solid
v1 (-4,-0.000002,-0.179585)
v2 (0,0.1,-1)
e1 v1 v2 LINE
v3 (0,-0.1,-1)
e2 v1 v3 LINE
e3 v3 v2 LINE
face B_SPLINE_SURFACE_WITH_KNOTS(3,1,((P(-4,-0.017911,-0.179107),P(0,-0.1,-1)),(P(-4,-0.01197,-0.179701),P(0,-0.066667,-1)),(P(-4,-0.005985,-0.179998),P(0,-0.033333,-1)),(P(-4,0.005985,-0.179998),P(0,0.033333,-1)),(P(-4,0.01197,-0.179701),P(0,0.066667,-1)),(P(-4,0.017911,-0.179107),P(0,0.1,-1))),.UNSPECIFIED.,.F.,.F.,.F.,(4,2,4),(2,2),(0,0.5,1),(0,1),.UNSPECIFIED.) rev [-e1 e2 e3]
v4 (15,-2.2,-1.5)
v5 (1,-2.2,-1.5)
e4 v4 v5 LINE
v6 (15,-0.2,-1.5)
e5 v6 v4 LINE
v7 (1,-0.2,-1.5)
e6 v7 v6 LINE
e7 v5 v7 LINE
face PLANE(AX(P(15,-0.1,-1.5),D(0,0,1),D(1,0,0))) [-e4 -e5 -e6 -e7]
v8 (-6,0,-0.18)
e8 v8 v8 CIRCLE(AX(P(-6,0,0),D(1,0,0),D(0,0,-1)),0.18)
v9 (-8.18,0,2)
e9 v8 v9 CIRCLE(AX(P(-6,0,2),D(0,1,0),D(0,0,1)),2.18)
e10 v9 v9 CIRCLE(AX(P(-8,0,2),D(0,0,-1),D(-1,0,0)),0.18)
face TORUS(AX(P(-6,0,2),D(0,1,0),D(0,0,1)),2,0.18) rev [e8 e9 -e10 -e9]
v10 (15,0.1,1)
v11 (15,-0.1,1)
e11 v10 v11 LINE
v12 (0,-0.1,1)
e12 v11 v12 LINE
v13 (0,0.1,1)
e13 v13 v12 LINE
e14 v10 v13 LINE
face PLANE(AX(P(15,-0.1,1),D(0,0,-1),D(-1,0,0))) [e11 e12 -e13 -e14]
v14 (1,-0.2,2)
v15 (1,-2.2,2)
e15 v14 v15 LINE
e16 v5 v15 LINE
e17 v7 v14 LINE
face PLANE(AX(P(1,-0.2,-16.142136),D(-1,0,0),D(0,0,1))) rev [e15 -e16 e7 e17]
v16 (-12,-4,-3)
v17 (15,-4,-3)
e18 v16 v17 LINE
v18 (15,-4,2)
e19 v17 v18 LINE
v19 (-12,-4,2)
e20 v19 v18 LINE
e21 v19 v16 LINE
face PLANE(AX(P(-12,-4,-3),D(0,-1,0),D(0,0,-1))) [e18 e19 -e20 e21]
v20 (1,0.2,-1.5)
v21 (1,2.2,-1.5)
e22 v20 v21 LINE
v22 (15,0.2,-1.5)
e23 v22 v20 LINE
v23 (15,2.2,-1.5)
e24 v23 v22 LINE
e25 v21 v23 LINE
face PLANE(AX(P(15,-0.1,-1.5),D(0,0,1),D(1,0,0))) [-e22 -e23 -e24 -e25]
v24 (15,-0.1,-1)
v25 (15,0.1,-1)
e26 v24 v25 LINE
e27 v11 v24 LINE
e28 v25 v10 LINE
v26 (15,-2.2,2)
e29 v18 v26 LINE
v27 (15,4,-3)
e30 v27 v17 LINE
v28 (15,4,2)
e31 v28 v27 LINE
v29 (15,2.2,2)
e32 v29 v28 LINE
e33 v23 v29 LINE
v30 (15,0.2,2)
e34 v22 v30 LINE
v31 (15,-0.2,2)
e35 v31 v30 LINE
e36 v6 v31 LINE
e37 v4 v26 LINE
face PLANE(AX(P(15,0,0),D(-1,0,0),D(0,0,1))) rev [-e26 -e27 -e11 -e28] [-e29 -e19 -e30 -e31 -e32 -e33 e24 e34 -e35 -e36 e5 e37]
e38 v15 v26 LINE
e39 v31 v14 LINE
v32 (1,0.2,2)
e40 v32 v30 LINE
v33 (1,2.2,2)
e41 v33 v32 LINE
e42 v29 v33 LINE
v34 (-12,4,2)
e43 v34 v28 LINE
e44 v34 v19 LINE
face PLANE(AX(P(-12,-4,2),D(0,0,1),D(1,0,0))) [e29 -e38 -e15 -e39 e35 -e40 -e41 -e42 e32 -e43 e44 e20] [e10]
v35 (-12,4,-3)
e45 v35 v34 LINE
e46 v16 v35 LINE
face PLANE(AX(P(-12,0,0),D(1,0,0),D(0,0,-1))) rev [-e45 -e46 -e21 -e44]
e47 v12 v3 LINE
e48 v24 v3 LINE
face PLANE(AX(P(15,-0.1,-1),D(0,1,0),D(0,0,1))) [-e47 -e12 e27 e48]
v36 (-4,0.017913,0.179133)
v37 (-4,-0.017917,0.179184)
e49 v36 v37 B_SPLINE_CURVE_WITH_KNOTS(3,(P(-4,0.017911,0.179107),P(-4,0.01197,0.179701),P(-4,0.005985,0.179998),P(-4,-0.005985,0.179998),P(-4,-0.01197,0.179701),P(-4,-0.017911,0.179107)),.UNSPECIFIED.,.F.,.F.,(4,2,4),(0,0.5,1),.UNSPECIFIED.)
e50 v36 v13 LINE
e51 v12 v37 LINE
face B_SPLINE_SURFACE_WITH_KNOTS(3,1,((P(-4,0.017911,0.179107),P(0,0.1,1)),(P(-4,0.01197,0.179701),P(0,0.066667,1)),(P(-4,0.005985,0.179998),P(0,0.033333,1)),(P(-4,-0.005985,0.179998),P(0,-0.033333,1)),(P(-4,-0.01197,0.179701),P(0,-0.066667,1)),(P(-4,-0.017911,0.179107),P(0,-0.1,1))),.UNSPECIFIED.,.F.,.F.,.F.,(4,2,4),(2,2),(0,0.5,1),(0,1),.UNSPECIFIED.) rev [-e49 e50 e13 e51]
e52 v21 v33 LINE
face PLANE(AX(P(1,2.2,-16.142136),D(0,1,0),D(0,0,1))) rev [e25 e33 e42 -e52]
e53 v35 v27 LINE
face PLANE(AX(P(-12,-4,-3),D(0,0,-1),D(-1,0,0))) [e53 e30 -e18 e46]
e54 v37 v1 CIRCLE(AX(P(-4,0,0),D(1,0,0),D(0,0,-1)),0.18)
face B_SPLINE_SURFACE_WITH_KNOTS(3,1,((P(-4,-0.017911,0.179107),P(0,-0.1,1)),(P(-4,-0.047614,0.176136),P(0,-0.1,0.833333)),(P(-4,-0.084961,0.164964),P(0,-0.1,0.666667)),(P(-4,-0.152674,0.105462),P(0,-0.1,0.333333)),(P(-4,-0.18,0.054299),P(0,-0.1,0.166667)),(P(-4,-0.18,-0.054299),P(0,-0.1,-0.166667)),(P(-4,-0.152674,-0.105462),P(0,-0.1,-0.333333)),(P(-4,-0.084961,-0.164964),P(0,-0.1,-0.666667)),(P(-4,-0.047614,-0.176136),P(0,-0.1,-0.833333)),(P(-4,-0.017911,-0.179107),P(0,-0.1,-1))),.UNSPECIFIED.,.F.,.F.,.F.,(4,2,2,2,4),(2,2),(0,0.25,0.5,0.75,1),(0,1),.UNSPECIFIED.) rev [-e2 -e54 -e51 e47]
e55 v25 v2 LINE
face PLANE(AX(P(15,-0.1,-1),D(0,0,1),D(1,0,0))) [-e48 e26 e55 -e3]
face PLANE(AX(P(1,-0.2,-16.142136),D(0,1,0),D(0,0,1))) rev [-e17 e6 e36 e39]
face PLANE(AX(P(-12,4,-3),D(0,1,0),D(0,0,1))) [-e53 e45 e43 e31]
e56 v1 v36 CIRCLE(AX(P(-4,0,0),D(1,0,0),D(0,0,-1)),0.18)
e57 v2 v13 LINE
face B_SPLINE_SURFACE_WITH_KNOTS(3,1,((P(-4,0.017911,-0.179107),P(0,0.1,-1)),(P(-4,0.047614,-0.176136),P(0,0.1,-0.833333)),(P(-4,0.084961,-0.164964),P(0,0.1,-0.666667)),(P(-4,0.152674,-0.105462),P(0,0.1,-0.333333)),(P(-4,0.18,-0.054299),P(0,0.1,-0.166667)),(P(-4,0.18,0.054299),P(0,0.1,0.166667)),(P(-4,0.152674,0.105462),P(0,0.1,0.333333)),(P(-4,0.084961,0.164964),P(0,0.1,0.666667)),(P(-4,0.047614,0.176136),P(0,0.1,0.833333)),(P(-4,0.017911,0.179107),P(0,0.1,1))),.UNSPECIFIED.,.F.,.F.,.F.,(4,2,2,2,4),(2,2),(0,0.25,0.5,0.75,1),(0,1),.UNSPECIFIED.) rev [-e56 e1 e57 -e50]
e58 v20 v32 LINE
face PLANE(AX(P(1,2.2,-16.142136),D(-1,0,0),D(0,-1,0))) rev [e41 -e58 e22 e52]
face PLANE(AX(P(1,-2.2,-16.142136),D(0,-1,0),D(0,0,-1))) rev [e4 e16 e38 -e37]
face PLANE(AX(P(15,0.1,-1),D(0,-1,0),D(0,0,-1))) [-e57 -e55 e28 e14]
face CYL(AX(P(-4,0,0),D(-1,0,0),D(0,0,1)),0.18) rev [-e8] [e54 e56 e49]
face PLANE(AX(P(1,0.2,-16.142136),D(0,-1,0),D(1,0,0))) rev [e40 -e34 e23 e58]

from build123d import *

# Parameters (mm, degrees)
ELEC_CH_SKETCH_W         = 0.2
ELEC_CH_SKETCH_H         = 2
SKETCH2_R                = 0.18
BOSS_EXTRUDE1_DEPTH      = 19
BOSS_EXTRUDE1_DEPTH_BACK = 8
SKETCH3_W                = 5
SKETCH3_H                = 8
SKETCH5_W                = 14
SKETCH5_H                = 2
CUT_EXTRUDE1_DEPTH       = 3.5


with BuildPart() as part:
    # Sweep2: sweep along a path in guide
    with BuildLine(Plane(origin=(0, 0, 0), x_dir=(-1, 0, 0), z_dir=(0, 1, 0))) as sweep2_path:
        Line((0, 0), (-15, 0))
    # elec_ch_sketch → Sweep2 (sweep)
    with BuildSketch(Plane.YZ):
        Rectangle(ELEC_CH_SKETCH_W, ELEC_CH_SKETCH_H)
    sweep(path=sweep2_path.line)



with BuildPart() as body_2:
    # Sweep3: sweep along a path in guide<3>
    with BuildLine(Plane(origin=(0, 0, 0), x_dir=(-1, 0, 0), z_dir=(0, 1, 0))) as sweep3_path:
        Line((4, 0), (6, 0))
        ThreePointArc((6, 0), (7.414213562, 0.585786438), (8, 2))
    # Sketch2 → Sweep3 (sweep)
    with BuildSketch(Plane(origin=(-4, 0, 0), x_dir=(0, 0, -1), z_dir=(1, 0, 0))):
        Circle(SKETCH2_R)
    sweep(path=sweep3_path.line)


with BuildPart() as part_1:
    add(part.part)

    add(body_2.part)  # Loft1 merges body 2
    # Sketch2<3> for Loft1 → Loft1 section 0
    with BuildSketch(Plane(origin=(-4, 0, 0), x_dir=(0, 0, -1), z_dir=(1, 0, 0))):
        with BuildLine():
            # circular arc as an exact rational Bezier (weights 1, cos(half-angle), 1)
            Bezier((0.179106694, -0.017910669), (0.180897761, 0), (0.179106694, 0.017910669), weights=[1, 0.995037187, 1])
            Bezier((0.179106694, 0.017910669), (0, 1.80897768), (-0.179106694, 0.017910669), weights=[1, 0.099503715, 1])
            Bezier((-0.179106694, 0.017910669), (-0.180897761, 0), (-0.179106694, -0.017910669), weights=[1, 0.995037187, 1])
            Bezier((-0.179106694, -0.017910669), (0, -1.80897768), (0.179106694, -0.017910669), weights=[1, 0.099503715, 1])
        make_face()
    # elec_ch_sketch<3> → Loft1 section 1
    with BuildSketch(Plane.YZ):
        with BuildLine():
            Line((-0.1, -1), (0.1, -1))
            Line((0.1, -1), (0.1, 1))
            Line((0.1, 1), (-0.1, 1))
            Line((-0.1, 1), (-0.1, -1))
        make_face()
    loft()


with BuildPart() as body_2_2:
    # Sketch3 → Boss-Extrude1 (new, two sides: drawn at the far end of the back side and taken through both)
    with BuildSketch(Plane(origin=(-4, 0, 0), x_dir=(0, 0, -1), z_dir=(1, 0, 0)).offset(-BOSS_EXTRUDE1_DEPTH_BACK)):
        with Locations((0.5, 0)):
            Rectangle(SKETCH3_W, SKETCH3_H)
    extrude(amount=BOSS_EXTRUDE1_DEPTH + BOSS_EXTRUDE1_DEPTH_BACK)

    # Combine1: cut part
    add(part_1.part, mode=Mode.SUBTRACT)

    # Sketch5 → Cut-Extrude1 (cut)
    with BuildSketch(Plane.XY.offset(2)):
        with Locations((8, -1.2)):
            Rectangle(SKETCH5_W, SKETCH5_H)
        with Locations((8, 1.2)):
            Rectangle(SKETCH5_W, SKETCH5_H)
    extrude(amount=-CUT_EXTRUDE1_DEPTH, mode=Mode.SUBTRACT)


solid = body_2_2.part
